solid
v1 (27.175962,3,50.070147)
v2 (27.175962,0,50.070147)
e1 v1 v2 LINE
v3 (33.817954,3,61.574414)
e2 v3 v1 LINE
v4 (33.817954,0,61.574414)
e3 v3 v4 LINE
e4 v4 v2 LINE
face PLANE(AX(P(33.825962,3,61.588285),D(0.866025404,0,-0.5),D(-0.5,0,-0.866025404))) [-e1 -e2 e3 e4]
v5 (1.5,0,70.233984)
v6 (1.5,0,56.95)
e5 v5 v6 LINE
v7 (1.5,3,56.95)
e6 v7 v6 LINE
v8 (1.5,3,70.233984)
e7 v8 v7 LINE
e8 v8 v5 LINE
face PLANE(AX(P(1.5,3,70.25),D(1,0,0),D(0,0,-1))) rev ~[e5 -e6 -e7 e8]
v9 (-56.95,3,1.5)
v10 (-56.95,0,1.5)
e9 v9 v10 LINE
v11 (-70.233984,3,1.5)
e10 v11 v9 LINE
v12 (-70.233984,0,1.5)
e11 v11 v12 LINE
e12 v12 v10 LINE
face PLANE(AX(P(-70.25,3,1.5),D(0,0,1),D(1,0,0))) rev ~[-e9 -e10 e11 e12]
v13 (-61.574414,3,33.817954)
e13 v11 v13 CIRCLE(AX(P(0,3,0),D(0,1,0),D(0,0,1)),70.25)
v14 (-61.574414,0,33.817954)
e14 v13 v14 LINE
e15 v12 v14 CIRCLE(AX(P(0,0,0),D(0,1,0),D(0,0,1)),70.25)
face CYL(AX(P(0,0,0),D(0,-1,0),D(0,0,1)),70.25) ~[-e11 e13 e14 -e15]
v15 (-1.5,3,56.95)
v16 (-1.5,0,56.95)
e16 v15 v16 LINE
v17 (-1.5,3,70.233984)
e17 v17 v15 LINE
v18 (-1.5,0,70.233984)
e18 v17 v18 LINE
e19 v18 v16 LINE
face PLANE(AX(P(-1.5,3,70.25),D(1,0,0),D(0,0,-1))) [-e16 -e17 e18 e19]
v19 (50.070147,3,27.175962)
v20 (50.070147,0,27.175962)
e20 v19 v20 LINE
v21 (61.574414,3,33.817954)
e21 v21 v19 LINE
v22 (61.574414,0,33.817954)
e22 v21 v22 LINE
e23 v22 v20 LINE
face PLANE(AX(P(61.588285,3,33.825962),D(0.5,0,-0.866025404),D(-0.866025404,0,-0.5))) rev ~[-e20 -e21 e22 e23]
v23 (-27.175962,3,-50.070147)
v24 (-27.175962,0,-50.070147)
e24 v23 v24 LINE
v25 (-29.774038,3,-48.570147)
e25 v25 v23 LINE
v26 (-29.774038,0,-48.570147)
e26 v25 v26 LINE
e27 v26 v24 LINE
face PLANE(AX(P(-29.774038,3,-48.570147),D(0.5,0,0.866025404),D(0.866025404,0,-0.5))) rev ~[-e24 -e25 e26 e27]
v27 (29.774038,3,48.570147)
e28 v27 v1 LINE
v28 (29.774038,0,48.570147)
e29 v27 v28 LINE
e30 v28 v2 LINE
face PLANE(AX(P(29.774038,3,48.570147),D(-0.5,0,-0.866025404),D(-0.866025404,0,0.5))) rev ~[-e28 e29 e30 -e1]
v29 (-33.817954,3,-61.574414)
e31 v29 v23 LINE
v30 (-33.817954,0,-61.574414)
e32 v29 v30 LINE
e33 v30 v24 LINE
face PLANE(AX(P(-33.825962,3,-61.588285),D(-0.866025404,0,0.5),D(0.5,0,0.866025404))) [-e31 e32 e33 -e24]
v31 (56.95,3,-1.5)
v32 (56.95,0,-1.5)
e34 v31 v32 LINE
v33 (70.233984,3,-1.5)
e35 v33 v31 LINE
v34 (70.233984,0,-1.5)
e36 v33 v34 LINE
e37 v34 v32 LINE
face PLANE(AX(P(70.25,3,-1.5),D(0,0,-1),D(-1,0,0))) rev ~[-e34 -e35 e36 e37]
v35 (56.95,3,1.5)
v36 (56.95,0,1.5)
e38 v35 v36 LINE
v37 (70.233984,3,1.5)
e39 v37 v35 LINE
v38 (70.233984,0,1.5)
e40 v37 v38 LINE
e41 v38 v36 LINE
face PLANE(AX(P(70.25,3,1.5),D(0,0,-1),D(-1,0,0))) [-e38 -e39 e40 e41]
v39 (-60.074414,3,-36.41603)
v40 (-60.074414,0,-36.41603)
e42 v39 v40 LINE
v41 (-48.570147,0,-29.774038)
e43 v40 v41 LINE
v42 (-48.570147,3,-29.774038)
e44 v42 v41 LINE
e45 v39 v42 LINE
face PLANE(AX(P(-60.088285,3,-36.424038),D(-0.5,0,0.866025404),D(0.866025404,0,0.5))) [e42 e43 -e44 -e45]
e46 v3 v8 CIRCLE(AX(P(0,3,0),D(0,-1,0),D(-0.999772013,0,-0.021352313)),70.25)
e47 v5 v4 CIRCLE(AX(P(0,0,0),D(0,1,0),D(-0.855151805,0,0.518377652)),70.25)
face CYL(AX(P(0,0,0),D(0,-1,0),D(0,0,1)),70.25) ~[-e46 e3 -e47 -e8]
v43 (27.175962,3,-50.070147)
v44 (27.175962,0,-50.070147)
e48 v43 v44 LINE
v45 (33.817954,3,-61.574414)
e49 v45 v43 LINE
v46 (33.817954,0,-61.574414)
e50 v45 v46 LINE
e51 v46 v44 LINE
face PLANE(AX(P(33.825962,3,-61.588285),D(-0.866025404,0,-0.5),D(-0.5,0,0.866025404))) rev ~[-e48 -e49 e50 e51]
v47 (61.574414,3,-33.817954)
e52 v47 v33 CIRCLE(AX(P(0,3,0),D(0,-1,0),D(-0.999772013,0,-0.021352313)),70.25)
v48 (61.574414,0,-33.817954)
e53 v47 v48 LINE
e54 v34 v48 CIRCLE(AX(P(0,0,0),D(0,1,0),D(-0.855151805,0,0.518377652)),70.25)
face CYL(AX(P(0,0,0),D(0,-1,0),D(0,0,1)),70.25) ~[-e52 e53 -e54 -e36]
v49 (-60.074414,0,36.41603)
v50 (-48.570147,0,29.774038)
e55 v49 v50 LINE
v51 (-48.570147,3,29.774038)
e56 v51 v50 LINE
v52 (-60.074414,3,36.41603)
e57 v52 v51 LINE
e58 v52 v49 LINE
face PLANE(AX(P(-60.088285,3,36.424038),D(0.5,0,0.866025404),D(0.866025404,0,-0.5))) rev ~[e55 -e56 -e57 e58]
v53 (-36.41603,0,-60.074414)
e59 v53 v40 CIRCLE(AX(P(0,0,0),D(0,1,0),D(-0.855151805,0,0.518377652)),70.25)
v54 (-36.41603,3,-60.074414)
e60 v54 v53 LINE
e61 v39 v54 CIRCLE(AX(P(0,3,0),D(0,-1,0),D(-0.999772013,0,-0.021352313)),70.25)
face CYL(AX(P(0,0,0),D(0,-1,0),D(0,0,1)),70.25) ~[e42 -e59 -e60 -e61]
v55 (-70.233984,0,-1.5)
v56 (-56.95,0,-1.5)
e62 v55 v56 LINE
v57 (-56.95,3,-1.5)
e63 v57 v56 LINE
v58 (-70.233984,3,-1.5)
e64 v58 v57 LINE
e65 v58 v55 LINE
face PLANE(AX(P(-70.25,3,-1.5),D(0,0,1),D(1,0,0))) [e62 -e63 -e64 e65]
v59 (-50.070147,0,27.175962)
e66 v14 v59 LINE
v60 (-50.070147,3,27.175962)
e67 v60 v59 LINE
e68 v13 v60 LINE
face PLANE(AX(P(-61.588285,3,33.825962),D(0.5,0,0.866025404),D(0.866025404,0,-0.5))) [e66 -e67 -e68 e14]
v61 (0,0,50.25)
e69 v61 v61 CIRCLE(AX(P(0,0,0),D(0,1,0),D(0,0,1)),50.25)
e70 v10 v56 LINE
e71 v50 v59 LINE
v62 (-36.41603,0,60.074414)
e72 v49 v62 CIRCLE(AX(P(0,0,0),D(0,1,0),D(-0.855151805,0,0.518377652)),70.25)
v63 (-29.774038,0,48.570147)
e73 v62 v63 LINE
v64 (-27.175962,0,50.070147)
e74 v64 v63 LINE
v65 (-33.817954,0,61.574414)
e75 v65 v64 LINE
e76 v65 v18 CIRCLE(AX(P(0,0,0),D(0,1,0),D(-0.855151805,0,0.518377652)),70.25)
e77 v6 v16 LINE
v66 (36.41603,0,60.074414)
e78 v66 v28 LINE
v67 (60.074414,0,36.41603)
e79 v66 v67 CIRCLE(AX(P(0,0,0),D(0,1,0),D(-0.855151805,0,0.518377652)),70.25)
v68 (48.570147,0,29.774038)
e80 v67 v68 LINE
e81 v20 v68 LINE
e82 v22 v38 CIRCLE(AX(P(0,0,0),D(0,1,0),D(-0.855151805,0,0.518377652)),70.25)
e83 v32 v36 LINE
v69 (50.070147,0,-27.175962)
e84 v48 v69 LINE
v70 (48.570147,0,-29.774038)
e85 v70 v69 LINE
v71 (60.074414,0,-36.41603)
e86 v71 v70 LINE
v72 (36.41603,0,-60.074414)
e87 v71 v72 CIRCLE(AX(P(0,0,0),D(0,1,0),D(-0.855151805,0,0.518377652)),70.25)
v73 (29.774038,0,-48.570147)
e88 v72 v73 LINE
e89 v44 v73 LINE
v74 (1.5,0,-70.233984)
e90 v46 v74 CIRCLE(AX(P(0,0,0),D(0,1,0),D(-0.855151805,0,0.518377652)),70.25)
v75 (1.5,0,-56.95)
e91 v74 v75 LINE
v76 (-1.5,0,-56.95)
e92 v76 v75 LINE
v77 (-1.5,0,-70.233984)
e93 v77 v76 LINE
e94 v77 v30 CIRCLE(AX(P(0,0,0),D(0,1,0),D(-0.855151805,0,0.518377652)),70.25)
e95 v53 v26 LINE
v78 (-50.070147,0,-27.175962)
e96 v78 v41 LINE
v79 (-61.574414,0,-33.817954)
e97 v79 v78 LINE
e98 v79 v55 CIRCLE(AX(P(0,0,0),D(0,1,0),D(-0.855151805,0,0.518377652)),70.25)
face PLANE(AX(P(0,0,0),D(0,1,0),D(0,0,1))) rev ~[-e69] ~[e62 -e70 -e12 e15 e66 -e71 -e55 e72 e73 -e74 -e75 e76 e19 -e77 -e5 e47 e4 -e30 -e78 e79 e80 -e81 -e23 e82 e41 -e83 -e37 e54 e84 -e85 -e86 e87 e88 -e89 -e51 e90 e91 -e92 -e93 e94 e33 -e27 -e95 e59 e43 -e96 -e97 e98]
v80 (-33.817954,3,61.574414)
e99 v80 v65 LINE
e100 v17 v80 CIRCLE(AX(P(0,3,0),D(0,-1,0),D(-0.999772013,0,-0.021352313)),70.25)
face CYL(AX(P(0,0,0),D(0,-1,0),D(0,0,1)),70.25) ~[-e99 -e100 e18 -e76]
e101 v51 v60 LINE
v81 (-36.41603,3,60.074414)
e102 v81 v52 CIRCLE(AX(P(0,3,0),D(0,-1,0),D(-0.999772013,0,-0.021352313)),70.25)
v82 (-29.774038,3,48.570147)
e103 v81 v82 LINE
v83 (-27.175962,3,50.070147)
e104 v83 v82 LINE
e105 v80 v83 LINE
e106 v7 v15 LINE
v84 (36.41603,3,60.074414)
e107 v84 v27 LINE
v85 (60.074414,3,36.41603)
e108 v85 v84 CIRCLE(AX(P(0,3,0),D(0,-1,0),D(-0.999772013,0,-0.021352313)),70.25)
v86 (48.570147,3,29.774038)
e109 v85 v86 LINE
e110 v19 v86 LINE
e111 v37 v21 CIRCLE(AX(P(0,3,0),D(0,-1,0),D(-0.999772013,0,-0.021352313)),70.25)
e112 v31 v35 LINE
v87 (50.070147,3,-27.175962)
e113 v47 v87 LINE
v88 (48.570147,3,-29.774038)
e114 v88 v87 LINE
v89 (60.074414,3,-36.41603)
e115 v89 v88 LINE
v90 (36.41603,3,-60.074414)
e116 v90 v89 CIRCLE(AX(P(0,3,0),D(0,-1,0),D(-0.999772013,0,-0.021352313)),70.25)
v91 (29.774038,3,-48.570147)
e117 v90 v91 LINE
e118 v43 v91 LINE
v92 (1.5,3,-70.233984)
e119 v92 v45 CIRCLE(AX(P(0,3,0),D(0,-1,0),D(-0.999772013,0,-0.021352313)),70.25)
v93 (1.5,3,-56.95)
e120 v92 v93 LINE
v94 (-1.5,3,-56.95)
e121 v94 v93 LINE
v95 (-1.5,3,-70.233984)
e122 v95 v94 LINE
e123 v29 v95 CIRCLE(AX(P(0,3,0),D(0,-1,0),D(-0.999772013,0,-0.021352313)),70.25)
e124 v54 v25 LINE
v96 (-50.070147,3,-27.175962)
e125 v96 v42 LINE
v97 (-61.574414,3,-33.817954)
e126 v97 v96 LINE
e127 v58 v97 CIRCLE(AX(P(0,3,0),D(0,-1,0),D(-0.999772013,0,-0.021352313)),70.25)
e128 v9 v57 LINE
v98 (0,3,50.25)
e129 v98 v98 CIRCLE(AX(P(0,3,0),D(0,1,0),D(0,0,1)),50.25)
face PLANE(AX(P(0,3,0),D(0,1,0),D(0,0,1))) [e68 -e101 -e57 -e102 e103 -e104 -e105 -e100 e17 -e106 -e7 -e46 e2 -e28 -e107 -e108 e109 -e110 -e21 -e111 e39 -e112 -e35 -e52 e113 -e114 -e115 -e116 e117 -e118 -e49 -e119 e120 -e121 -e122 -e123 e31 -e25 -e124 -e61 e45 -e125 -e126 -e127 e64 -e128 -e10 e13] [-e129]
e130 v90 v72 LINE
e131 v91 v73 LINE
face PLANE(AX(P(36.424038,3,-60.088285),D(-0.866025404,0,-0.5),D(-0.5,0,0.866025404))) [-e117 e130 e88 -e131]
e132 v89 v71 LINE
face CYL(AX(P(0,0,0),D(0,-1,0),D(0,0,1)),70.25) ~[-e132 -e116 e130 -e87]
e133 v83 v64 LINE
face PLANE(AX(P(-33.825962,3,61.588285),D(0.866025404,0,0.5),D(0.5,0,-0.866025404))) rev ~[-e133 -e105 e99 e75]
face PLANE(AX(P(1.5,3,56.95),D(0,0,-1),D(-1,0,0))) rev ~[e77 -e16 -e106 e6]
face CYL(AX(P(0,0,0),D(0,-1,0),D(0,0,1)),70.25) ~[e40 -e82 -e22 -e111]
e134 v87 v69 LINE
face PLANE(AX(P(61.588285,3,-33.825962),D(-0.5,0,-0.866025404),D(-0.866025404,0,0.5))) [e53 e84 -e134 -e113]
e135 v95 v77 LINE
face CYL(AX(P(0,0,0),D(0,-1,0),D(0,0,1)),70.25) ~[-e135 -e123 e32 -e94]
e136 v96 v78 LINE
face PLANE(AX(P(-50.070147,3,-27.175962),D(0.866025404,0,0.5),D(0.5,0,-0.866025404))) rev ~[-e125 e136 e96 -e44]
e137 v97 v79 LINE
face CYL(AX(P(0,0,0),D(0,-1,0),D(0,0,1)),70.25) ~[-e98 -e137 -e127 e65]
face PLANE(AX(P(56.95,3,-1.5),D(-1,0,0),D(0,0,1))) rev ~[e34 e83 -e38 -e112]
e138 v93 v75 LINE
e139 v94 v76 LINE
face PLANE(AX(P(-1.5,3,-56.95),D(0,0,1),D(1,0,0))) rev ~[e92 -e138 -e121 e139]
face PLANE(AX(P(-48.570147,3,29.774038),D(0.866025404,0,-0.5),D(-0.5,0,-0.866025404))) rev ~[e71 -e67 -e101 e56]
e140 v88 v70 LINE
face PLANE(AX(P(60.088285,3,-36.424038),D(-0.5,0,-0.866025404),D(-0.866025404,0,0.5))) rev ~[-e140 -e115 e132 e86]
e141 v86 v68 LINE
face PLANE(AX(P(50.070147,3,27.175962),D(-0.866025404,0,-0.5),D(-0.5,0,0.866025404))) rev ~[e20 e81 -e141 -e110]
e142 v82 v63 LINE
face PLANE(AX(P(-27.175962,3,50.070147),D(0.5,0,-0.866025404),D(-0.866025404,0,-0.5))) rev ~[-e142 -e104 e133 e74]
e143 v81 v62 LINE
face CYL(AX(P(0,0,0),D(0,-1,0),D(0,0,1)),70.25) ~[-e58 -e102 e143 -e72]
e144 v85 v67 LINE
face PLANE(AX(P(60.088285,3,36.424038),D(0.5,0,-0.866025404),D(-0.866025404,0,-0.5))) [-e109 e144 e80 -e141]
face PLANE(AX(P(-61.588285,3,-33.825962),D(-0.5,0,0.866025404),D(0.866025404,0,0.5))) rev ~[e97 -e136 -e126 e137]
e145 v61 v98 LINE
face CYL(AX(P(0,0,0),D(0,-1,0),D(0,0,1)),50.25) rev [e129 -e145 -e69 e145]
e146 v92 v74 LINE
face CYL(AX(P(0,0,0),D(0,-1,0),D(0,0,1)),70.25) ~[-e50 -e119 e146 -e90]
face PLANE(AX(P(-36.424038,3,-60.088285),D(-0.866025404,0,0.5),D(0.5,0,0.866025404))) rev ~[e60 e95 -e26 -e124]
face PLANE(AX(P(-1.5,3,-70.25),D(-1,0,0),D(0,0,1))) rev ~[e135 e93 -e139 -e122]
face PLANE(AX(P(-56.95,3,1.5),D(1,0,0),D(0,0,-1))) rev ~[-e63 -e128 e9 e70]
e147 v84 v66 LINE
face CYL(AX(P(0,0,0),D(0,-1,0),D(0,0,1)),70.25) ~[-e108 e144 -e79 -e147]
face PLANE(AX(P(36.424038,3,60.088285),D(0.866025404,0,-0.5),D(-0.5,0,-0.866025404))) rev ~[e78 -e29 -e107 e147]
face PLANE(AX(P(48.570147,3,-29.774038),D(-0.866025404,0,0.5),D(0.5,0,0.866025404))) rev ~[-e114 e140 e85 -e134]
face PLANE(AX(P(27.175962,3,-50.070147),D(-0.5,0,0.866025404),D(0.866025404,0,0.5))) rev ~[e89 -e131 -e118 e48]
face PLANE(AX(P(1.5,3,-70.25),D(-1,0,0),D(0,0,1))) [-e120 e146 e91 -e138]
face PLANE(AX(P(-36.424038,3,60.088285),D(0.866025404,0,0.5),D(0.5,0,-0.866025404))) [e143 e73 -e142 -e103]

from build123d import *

# Parameters (mm, degrees)
SKETCH1_R           = 70.25
SKETCH1_R_2         = 50.25
BOSS_EXTRUDE1_DEPTH = 3
SKETCH2_W           = 13.3
SKETCH2_H           = 3
CUT_EXTRUDE1_DEPTH  = 3
CIRPATTERN1_COUNT   = 12


with BuildPart() as part:
    # Sketch1 → Boss-Extrude1 (new body)
    with BuildSketch(Plane(origin=(0, 0, 0), x_dir=(1, 0, 0), z_dir=(0, 1, 0))):
        with Locations(Location((0, 0, 0), (0, 0, 270))):
            Circle(SKETCH1_R)
        with Locations(Location((0, 0, 0), (0, 0, 270))):
            Circle(SKETCH1_R_2, mode=Mode.SUBTRACT)
    extrude(amount=BOSS_EXTRUDE1_DEPTH)

    # Sketch2 → Cut-Extrude1 (cut)
    with BuildSketch(Plane(origin=(0, 3, 0), x_dir=(1, 0, 0), z_dir=(0, 1, 0))):
        with Locations((-63.6, 0)):
            Rectangle(SKETCH2_W, SKETCH2_H)
    cut_extrude1 = extrude(amount=-CUT_EXTRUDE1_DEPTH, mode=Mode.SUBTRACT)

    # CirPattern1: Cut-Extrude1 ×12 about axis
    cirpattern1_axis = Axis((0, 0, 0), (0, 1, 0))
    for i in range(1, CIRPATTERN1_COUNT):
        add(cut_extrude1.rotate(cirpattern1_axis, i * 360 / CIRPATTERN1_COUNT), mode=Mode.SUBTRACT)


solid = part.part
